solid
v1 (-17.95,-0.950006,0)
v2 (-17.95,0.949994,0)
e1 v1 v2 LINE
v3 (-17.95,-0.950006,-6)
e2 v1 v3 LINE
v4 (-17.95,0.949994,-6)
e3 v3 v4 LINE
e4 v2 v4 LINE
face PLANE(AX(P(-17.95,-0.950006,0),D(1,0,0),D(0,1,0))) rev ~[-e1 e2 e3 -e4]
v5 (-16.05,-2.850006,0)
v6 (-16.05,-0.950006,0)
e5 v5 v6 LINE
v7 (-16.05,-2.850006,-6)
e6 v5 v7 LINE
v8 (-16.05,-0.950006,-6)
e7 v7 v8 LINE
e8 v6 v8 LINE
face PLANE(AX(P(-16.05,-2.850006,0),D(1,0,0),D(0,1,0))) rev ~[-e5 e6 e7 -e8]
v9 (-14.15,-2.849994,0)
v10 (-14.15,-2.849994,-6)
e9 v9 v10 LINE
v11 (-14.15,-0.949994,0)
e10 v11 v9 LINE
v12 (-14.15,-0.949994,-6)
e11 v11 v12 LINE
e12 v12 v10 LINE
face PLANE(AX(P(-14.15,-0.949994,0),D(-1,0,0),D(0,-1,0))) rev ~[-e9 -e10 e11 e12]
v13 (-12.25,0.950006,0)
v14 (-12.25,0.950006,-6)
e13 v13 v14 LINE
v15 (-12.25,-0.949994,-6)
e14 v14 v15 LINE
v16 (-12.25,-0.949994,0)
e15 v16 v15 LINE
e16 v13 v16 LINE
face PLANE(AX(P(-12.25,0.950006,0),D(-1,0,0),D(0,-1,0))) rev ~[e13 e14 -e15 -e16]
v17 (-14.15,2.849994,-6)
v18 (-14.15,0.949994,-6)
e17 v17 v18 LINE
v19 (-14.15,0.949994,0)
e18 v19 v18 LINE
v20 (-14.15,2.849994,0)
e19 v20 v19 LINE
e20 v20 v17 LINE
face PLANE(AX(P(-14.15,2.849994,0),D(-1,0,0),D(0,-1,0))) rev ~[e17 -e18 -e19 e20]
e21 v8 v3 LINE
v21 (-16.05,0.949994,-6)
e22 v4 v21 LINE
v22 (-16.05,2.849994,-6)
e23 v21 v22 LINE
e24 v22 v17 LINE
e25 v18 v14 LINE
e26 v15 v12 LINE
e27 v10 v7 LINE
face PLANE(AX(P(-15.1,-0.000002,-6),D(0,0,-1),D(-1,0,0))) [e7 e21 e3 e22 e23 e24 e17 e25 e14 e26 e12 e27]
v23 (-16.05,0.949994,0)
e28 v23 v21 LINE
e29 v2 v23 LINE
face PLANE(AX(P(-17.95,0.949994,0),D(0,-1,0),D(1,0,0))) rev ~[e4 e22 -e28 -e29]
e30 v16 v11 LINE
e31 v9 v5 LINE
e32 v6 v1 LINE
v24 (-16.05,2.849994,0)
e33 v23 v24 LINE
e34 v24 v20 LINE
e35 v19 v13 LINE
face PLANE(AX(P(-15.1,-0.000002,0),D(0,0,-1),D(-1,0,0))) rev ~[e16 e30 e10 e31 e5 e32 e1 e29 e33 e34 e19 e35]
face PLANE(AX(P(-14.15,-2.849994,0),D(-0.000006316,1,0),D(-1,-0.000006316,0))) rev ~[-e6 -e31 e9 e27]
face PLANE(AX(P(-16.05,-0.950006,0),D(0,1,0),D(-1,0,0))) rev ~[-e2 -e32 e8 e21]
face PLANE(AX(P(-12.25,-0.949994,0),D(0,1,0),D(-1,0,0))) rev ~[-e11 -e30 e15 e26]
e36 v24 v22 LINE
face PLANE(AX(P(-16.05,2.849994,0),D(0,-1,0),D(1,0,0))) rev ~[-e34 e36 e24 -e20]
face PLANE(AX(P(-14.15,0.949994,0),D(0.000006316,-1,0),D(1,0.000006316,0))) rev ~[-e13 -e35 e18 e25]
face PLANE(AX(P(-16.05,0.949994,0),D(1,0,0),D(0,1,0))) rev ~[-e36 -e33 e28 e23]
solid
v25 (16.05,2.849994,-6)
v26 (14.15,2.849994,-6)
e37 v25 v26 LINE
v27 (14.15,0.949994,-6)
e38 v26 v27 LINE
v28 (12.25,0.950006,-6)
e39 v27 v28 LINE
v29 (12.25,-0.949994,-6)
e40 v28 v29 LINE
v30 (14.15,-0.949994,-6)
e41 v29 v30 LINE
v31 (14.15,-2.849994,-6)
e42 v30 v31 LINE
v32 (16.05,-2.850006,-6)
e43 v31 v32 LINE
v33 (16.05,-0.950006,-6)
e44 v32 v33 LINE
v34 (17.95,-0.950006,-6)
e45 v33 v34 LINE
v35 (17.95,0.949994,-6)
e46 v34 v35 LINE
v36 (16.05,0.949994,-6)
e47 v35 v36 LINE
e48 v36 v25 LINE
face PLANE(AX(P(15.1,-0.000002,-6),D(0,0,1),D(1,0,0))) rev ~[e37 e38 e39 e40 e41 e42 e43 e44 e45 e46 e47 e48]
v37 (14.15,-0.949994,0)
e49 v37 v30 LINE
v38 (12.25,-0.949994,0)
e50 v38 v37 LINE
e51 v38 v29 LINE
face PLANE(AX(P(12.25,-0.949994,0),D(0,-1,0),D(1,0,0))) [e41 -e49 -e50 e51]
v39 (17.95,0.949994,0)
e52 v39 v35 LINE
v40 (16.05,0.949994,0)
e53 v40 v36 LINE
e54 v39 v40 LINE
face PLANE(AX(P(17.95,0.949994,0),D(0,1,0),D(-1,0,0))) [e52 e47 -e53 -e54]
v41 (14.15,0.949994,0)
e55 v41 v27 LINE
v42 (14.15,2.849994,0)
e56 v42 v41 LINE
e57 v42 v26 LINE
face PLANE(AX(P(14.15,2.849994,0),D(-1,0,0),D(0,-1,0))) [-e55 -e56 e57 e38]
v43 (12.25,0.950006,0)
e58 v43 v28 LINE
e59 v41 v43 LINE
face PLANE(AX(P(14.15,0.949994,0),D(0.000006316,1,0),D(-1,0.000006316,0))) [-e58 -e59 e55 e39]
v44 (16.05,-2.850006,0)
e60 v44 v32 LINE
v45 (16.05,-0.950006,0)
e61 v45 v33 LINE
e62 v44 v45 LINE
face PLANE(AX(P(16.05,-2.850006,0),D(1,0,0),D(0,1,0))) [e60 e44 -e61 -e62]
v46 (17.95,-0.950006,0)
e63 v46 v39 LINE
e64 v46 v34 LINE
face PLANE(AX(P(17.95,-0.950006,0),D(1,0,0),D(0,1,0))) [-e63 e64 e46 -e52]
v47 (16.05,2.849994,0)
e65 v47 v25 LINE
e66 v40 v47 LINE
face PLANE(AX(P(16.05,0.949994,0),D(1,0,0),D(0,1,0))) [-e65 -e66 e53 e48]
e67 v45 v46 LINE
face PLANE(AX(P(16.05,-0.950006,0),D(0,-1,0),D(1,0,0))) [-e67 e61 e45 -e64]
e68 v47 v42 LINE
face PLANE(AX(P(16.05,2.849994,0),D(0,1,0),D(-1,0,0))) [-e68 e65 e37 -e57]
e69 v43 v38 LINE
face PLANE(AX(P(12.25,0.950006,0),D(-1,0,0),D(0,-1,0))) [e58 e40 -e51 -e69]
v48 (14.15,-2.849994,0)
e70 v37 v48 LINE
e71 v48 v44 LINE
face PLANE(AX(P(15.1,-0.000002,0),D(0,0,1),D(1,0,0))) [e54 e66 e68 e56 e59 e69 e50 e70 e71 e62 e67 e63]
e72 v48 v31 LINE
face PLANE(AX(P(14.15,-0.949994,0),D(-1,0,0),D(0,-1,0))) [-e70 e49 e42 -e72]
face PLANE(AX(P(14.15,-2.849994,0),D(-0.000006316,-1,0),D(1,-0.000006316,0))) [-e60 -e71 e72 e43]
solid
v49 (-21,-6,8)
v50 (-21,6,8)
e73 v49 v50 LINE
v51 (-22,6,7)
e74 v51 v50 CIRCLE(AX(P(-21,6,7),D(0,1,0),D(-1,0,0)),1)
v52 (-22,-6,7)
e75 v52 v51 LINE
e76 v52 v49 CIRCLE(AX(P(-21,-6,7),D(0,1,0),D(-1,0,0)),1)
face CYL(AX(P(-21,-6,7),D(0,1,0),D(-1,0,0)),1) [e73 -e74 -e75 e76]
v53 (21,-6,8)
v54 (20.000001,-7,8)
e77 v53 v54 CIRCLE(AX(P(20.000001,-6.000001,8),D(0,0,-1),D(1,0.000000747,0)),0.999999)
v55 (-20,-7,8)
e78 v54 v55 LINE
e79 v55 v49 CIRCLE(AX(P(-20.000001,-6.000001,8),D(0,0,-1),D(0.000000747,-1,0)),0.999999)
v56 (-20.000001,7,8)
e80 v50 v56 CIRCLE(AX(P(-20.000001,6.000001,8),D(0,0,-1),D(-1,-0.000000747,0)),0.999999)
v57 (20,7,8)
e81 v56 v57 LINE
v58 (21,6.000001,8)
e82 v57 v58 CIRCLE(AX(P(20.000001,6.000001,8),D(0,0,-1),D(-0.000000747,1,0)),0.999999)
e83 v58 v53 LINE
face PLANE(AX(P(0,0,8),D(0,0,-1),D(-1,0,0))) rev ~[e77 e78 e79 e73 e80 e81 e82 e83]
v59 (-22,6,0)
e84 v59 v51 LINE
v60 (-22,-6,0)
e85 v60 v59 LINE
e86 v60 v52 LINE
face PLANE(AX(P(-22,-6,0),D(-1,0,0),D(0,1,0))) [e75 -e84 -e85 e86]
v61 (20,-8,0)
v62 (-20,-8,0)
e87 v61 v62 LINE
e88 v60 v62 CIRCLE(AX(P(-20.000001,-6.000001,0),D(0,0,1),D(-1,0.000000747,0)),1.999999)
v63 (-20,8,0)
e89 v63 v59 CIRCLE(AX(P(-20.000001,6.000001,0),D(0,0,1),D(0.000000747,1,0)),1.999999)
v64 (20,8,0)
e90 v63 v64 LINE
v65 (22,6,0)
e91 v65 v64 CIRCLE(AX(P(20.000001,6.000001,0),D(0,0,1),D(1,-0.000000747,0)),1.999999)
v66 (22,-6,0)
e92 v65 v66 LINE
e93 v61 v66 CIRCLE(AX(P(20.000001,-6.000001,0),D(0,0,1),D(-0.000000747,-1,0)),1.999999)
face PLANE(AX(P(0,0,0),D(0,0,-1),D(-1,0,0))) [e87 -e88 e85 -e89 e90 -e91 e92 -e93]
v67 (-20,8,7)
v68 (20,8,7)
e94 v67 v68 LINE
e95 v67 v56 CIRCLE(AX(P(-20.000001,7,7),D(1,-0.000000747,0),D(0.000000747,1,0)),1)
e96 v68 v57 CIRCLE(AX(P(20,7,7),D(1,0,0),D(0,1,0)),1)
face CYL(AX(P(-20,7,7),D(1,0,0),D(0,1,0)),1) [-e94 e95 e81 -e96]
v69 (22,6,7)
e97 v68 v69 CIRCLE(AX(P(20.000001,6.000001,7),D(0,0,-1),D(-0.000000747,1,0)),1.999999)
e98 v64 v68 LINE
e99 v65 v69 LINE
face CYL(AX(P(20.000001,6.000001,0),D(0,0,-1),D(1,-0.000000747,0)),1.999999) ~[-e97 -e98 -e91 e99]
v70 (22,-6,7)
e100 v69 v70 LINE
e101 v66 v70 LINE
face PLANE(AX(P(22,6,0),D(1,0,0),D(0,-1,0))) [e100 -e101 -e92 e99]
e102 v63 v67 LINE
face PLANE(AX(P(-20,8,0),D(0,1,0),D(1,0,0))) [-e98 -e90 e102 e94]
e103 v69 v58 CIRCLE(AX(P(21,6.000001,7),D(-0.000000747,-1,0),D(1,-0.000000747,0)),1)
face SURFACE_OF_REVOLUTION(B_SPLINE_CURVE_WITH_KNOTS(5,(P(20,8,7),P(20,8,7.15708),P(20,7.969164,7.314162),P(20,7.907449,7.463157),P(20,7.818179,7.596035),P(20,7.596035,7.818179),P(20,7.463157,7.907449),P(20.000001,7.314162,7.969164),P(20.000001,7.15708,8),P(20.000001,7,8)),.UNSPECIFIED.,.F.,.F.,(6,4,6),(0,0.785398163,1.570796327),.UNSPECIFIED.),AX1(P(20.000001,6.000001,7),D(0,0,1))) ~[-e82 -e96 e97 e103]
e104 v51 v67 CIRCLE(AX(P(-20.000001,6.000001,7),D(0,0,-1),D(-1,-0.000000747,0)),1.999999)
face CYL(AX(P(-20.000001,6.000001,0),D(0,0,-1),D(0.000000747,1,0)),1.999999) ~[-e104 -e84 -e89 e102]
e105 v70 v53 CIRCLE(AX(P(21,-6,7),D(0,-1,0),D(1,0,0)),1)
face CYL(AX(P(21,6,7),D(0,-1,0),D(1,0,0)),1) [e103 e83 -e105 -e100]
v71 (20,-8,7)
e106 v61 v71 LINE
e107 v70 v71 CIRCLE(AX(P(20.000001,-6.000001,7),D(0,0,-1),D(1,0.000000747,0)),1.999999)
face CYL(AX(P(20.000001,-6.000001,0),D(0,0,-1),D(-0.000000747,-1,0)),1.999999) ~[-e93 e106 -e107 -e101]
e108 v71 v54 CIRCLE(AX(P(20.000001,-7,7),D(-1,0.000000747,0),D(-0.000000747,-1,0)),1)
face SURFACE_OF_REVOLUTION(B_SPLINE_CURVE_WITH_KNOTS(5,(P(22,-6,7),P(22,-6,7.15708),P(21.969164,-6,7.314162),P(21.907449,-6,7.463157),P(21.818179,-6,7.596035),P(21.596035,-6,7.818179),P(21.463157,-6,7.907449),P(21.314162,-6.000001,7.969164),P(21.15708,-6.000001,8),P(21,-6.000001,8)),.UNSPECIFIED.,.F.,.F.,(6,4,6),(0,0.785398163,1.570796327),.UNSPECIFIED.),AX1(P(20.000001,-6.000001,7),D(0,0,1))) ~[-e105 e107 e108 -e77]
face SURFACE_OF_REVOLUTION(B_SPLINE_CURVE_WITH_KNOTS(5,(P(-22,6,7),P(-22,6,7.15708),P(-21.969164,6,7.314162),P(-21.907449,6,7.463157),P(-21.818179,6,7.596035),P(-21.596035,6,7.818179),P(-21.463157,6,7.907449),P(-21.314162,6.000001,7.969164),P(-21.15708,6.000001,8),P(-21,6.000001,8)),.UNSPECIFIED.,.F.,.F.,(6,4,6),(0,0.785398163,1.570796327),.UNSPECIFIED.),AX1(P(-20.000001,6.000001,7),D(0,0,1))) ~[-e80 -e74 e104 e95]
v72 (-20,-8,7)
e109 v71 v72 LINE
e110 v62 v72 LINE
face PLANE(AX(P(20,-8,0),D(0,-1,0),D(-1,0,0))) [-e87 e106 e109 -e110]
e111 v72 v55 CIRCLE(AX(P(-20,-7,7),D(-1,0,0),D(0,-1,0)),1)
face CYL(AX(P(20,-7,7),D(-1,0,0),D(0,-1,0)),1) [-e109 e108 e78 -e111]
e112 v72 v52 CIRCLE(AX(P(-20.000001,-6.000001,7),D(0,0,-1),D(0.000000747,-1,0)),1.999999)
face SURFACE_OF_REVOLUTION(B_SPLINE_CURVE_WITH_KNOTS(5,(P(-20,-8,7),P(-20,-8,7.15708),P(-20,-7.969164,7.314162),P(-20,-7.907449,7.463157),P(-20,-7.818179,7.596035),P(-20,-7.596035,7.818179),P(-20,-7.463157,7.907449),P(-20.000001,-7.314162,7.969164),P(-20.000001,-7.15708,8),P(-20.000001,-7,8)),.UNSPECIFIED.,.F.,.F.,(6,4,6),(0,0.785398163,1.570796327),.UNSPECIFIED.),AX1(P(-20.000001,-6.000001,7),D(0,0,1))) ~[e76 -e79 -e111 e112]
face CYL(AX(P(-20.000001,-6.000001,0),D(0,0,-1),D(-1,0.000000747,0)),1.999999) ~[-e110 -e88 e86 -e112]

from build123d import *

# Parameters (mm, degrees)
EXTRUDE_DEPTH    = 8
FILLET_R         = 1
EXTRUDE001_DEPTH = 6
EXTRUDE002_DEPTH = 6


with BuildPart() as fillet_body:
    # Sketch → Extrude (new body)
    with BuildSketch(Plane.XY):
        with BuildLine():
            Line((-20, 8), (20, 8))
            ThreePointArc((22, 6), (21.414214, 7.414214), (20, 8))
            Line((22, 6), (22, -6))
            ThreePointArc((20, -8), (21.414214, -7.414214), (22, -6))
            Line((20, -8), (-20, -8))
            ThreePointArc((-22, -6), (-21.414214, -7.414214), (-20, -8))
            Line((-22, -6), (-22, 6))
            ThreePointArc((-20, 8), (-21.414214, 7.414214), (-22, 6))
        make_face()
    extrude(amount=EXTRUDE_DEPTH)

    # Fillet
    fillet_edges = [fillet_body.edges().sort_by_distance(p)[0] for p in [
        (-22, 0, 8),
        (-21.414214, 7.414214, 8),
        (0, 8, 8),
        (21.414214, 7.414214, 8),
        (22, 0, 8),
        (21.414214, -7.414214, 8),
        (0, -8, 8),
        (-21.414214, -7.414214, 8),
    ]]
    fillet(fillet_edges, radius=FILLET_R)


with BuildPart() as extrude001:
    # Sketch001 → Extrude001 (new body)
    with BuildSketch(Plane.XY):
        Polygon((-17.95, 0.949994), (-16.05, 0.949994), (-16.05, 2.849994), (-14.15, 2.849994), (-14.15, 0.949994), (-12.25, 0.950006), (-12.25, -0.949994), (-14.15, -0.949994), (-14.15, -2.849994), (-16.05, -2.850006), (-16.05, -0.950006), (-17.95, -0.950006), align=None)
    extrude(amount=-EXTRUDE001_DEPTH)


with BuildPart() as extrude002:
    # MirroredSketch → Extrude002 (new body)
    with BuildSketch(Plane.XY):
        Polygon((17.95, 0.949994), (16.05, 0.949994), (16.05, 2.849994), (14.15, 2.849994), (14.15, 0.949994), (12.25, 0.950006), (12.25, -0.949994), (14.15, -0.949994), (14.15, -2.849994), (16.05, -2.850006), (16.05, -0.950006), (17.95, -0.950006), align=None)
    extrude(amount=-EXTRUDE002_DEPTH)


solid = Compound([fillet_body.part, extrude001.part, extrude002.part])
